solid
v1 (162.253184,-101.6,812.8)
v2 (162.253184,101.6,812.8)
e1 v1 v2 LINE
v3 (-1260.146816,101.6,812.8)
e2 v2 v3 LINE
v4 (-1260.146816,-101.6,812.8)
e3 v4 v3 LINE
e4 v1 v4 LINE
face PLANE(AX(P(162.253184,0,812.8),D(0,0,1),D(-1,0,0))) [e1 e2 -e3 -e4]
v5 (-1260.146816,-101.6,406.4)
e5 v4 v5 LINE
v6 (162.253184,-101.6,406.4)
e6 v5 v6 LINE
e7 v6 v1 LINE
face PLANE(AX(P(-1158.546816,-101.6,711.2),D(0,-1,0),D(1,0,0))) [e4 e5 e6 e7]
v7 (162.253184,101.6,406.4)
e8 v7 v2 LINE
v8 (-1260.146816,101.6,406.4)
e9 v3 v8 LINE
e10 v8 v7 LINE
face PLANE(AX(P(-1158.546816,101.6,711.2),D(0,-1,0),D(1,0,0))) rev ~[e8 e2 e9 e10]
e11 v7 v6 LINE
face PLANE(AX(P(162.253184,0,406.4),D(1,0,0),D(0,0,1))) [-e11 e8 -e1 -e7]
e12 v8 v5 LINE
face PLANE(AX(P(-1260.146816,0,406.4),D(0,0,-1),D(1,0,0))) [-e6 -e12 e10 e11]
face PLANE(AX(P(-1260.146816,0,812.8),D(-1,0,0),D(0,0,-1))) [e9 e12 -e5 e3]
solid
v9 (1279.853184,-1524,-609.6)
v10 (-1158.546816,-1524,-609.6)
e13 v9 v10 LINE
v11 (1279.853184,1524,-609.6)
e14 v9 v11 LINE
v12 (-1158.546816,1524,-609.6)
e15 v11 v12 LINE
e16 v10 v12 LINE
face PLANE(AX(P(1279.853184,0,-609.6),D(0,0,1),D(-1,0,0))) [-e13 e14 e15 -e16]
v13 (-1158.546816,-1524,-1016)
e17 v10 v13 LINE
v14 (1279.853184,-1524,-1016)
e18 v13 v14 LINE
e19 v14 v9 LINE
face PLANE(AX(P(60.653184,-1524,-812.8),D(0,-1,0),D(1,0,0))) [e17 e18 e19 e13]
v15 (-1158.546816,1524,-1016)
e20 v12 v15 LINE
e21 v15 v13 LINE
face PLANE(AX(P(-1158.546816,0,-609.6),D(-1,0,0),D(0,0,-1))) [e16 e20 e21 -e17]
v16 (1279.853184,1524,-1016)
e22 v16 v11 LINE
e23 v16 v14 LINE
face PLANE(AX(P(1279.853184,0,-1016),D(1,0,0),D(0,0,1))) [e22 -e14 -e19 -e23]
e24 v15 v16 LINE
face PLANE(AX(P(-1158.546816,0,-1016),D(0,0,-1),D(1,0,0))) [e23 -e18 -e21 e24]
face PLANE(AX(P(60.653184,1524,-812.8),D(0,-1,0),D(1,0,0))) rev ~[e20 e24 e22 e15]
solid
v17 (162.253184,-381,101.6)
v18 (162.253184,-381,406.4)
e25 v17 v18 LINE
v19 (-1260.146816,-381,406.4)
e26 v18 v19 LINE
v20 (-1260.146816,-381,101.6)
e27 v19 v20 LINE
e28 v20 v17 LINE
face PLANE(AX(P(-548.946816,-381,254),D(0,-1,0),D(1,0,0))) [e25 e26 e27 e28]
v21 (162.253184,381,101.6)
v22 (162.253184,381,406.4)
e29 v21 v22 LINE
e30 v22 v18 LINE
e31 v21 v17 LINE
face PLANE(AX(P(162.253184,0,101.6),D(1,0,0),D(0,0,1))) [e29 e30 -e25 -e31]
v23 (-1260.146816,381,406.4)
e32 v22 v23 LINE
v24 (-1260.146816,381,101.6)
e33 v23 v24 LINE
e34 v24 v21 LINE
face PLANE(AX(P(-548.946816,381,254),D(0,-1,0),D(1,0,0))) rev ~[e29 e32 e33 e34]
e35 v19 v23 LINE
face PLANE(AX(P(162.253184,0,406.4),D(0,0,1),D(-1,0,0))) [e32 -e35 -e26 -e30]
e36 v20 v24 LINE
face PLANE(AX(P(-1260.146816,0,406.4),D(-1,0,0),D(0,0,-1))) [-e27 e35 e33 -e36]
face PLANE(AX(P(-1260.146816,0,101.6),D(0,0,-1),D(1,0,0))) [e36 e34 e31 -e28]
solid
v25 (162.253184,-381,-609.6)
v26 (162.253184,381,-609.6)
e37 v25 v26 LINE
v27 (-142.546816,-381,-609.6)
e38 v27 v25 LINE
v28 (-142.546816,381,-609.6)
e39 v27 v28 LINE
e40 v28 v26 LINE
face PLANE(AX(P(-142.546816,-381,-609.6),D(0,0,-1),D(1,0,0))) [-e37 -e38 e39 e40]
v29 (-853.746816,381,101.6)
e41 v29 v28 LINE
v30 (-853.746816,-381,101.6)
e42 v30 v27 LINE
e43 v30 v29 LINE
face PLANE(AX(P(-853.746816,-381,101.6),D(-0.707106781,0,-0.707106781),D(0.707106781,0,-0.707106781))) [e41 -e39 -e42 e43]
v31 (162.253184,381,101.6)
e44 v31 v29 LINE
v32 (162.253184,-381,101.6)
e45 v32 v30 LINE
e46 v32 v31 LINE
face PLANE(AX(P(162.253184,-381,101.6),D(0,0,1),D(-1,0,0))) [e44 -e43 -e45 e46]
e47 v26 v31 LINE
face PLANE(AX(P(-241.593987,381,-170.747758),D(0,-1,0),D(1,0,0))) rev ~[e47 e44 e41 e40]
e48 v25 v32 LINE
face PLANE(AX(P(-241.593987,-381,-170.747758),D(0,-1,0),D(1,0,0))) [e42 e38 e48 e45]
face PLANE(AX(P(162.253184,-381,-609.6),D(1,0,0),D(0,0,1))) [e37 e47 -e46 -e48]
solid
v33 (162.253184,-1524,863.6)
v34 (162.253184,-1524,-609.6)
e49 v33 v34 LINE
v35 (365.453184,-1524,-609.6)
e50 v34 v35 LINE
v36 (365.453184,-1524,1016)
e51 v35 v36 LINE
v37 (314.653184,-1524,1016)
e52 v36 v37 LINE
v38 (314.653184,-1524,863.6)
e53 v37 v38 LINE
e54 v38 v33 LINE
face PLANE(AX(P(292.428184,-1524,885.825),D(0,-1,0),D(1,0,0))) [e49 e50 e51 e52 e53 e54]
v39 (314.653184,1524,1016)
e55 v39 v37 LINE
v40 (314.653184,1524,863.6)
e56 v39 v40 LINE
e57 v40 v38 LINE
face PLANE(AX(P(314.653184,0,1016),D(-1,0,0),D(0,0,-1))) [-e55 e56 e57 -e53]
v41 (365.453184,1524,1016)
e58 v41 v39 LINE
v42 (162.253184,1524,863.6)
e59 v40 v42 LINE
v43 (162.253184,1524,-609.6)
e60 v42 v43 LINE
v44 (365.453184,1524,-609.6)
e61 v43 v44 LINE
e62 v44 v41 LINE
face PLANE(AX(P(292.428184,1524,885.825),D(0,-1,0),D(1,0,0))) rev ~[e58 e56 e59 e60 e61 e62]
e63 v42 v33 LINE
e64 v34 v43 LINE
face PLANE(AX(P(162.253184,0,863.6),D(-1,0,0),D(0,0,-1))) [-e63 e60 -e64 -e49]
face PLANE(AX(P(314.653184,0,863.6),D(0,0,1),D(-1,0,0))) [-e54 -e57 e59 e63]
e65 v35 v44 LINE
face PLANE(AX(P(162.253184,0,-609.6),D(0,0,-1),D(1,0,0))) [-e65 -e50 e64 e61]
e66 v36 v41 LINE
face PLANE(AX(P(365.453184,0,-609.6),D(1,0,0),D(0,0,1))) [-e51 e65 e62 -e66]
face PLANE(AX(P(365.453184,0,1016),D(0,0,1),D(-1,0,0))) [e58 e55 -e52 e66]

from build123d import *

# Parameters (mm, degrees)
F1_DEPTH = 381
F0_W     = 203.2
F0_H     = 203.2
F2_DEPTH = 101.6
F4_DEPTH = 762
F0_H_2   = 406.4
F5_DEPTH = 1524
F6_DEPTH = 1524


with BuildPart() as f1:
    # F0 (on Front) → F1 (new body, symmetric)
    with BuildSketch(Plane.XZ):
        Polygon((-1260.146816, 101.6), (162.253184, 101.6), (162.253184, 203.2), (162.253184, 406.4), (-40.946816, 406.4), (-447.346816, 406.4), (-853.746816, 406.4), (-1260.146816, 406.4), align=None)
    extrude(amount=F1_DEPTH, both=True)


with BuildPart() as f2:
    # F0 (on Front) → F2 (new body, symmetric)
    with BuildSketch(Plane.XZ):
        with Locations((-1158.546816, 711.2)):
            Rectangle(F0_W, F0_H)
        with Locations((60.653184, 508)):
            Rectangle(F0_W, F0_H)
        Polygon((-447.346816, 406.4), (-40.946816, 406.4), (-40.946816, 609.6), (-244.146816, 609.6), (-447.346816, 609.6), align=None)
        Polygon((-853.746816, 609.6), (-853.746816, 406.4), (-447.346816, 406.4), (-447.346816, 609.6), (-650.546816, 609.6), align=None)
        Polygon((-1260.146816, 609.6), (-1260.146816, 406.4), (-853.746816, 406.4), (-853.746816, 609.6), (-1056.946816, 609.6), align=None)
        Polygon((-1056.946816, 609.6), (-853.746816, 609.6), (-650.546816, 609.6), (-650.546816, 812.8), (-1056.946816, 812.8), align=None)
        Polygon((-244.146816, 609.6), (-244.146816, 812.8), (-650.546816, 812.8), (-650.546816, 609.6), (-447.346816, 609.6), align=None)
        Polygon((-40.946816, 609.6), (162.253184, 609.6), (162.253184, 812.8), (-244.146816, 812.8), (-244.146816, 609.6), align=None)
    extrude(amount=F2_DEPTH, both=True)


with BuildPart() as f4:
    # F3 (on face) → F4 (new body)
    with BuildSketch(Plane.XZ.offset(381)):
        Polygon((162.253184, -609.6), (162.253184, 101.6), (-853.746816, 101.6), (-142.546816, -609.6), align=None)
    extrude(amount=-F4_DEPTH)


with BuildPart() as f5:
    # F0 (on Front) → F5 (new body, symmetric)
    with BuildSketch(Plane.XZ):
        Polygon((162.253184, 812.8), (365.453184, 812.8), (365.453184, 1016), (314.653184, 1016), (314.653184, 863.6), (162.253184, 863.6), align=None)
        with Locations((263.853184, 711.2)):
            Rectangle(F0_W, F0_H)
        with Locations((263.853184, 508)):
            Rectangle(F0_W, F0_H)
        with Locations((263.853184, 304.8)):
            Rectangle(F0_W, F0_H)
        Polygon((162.253184, 101.6), (162.253184, 0), (365.453184, 0), (365.453184, 203.2), (162.253184, 203.2), align=None)
        with Locations((263.853184, -101.6)):
            Rectangle(F0_W, F0_H)
        with Locations((263.853184, -406.4)):
            Rectangle(F0_W, F0_H_2)
    extrude(amount=F5_DEPTH, both=True)


with BuildPart() as f6:
    # F0 (on Front) → F6 (new body, symmetric)
    with BuildSketch(Plane.XZ):
        Polygon((162.253184, -609.6), (-1158.546816, -609.6), (-1158.546816, -1016), (1279.853184, -1016), (1279.853184, -609.6), (365.453184, -609.6), align=None)
    extrude(amount=F6_DEPTH, both=True)


solid = Compound([f1.part, f2.part, f4.part, f5.part, f6.part])
